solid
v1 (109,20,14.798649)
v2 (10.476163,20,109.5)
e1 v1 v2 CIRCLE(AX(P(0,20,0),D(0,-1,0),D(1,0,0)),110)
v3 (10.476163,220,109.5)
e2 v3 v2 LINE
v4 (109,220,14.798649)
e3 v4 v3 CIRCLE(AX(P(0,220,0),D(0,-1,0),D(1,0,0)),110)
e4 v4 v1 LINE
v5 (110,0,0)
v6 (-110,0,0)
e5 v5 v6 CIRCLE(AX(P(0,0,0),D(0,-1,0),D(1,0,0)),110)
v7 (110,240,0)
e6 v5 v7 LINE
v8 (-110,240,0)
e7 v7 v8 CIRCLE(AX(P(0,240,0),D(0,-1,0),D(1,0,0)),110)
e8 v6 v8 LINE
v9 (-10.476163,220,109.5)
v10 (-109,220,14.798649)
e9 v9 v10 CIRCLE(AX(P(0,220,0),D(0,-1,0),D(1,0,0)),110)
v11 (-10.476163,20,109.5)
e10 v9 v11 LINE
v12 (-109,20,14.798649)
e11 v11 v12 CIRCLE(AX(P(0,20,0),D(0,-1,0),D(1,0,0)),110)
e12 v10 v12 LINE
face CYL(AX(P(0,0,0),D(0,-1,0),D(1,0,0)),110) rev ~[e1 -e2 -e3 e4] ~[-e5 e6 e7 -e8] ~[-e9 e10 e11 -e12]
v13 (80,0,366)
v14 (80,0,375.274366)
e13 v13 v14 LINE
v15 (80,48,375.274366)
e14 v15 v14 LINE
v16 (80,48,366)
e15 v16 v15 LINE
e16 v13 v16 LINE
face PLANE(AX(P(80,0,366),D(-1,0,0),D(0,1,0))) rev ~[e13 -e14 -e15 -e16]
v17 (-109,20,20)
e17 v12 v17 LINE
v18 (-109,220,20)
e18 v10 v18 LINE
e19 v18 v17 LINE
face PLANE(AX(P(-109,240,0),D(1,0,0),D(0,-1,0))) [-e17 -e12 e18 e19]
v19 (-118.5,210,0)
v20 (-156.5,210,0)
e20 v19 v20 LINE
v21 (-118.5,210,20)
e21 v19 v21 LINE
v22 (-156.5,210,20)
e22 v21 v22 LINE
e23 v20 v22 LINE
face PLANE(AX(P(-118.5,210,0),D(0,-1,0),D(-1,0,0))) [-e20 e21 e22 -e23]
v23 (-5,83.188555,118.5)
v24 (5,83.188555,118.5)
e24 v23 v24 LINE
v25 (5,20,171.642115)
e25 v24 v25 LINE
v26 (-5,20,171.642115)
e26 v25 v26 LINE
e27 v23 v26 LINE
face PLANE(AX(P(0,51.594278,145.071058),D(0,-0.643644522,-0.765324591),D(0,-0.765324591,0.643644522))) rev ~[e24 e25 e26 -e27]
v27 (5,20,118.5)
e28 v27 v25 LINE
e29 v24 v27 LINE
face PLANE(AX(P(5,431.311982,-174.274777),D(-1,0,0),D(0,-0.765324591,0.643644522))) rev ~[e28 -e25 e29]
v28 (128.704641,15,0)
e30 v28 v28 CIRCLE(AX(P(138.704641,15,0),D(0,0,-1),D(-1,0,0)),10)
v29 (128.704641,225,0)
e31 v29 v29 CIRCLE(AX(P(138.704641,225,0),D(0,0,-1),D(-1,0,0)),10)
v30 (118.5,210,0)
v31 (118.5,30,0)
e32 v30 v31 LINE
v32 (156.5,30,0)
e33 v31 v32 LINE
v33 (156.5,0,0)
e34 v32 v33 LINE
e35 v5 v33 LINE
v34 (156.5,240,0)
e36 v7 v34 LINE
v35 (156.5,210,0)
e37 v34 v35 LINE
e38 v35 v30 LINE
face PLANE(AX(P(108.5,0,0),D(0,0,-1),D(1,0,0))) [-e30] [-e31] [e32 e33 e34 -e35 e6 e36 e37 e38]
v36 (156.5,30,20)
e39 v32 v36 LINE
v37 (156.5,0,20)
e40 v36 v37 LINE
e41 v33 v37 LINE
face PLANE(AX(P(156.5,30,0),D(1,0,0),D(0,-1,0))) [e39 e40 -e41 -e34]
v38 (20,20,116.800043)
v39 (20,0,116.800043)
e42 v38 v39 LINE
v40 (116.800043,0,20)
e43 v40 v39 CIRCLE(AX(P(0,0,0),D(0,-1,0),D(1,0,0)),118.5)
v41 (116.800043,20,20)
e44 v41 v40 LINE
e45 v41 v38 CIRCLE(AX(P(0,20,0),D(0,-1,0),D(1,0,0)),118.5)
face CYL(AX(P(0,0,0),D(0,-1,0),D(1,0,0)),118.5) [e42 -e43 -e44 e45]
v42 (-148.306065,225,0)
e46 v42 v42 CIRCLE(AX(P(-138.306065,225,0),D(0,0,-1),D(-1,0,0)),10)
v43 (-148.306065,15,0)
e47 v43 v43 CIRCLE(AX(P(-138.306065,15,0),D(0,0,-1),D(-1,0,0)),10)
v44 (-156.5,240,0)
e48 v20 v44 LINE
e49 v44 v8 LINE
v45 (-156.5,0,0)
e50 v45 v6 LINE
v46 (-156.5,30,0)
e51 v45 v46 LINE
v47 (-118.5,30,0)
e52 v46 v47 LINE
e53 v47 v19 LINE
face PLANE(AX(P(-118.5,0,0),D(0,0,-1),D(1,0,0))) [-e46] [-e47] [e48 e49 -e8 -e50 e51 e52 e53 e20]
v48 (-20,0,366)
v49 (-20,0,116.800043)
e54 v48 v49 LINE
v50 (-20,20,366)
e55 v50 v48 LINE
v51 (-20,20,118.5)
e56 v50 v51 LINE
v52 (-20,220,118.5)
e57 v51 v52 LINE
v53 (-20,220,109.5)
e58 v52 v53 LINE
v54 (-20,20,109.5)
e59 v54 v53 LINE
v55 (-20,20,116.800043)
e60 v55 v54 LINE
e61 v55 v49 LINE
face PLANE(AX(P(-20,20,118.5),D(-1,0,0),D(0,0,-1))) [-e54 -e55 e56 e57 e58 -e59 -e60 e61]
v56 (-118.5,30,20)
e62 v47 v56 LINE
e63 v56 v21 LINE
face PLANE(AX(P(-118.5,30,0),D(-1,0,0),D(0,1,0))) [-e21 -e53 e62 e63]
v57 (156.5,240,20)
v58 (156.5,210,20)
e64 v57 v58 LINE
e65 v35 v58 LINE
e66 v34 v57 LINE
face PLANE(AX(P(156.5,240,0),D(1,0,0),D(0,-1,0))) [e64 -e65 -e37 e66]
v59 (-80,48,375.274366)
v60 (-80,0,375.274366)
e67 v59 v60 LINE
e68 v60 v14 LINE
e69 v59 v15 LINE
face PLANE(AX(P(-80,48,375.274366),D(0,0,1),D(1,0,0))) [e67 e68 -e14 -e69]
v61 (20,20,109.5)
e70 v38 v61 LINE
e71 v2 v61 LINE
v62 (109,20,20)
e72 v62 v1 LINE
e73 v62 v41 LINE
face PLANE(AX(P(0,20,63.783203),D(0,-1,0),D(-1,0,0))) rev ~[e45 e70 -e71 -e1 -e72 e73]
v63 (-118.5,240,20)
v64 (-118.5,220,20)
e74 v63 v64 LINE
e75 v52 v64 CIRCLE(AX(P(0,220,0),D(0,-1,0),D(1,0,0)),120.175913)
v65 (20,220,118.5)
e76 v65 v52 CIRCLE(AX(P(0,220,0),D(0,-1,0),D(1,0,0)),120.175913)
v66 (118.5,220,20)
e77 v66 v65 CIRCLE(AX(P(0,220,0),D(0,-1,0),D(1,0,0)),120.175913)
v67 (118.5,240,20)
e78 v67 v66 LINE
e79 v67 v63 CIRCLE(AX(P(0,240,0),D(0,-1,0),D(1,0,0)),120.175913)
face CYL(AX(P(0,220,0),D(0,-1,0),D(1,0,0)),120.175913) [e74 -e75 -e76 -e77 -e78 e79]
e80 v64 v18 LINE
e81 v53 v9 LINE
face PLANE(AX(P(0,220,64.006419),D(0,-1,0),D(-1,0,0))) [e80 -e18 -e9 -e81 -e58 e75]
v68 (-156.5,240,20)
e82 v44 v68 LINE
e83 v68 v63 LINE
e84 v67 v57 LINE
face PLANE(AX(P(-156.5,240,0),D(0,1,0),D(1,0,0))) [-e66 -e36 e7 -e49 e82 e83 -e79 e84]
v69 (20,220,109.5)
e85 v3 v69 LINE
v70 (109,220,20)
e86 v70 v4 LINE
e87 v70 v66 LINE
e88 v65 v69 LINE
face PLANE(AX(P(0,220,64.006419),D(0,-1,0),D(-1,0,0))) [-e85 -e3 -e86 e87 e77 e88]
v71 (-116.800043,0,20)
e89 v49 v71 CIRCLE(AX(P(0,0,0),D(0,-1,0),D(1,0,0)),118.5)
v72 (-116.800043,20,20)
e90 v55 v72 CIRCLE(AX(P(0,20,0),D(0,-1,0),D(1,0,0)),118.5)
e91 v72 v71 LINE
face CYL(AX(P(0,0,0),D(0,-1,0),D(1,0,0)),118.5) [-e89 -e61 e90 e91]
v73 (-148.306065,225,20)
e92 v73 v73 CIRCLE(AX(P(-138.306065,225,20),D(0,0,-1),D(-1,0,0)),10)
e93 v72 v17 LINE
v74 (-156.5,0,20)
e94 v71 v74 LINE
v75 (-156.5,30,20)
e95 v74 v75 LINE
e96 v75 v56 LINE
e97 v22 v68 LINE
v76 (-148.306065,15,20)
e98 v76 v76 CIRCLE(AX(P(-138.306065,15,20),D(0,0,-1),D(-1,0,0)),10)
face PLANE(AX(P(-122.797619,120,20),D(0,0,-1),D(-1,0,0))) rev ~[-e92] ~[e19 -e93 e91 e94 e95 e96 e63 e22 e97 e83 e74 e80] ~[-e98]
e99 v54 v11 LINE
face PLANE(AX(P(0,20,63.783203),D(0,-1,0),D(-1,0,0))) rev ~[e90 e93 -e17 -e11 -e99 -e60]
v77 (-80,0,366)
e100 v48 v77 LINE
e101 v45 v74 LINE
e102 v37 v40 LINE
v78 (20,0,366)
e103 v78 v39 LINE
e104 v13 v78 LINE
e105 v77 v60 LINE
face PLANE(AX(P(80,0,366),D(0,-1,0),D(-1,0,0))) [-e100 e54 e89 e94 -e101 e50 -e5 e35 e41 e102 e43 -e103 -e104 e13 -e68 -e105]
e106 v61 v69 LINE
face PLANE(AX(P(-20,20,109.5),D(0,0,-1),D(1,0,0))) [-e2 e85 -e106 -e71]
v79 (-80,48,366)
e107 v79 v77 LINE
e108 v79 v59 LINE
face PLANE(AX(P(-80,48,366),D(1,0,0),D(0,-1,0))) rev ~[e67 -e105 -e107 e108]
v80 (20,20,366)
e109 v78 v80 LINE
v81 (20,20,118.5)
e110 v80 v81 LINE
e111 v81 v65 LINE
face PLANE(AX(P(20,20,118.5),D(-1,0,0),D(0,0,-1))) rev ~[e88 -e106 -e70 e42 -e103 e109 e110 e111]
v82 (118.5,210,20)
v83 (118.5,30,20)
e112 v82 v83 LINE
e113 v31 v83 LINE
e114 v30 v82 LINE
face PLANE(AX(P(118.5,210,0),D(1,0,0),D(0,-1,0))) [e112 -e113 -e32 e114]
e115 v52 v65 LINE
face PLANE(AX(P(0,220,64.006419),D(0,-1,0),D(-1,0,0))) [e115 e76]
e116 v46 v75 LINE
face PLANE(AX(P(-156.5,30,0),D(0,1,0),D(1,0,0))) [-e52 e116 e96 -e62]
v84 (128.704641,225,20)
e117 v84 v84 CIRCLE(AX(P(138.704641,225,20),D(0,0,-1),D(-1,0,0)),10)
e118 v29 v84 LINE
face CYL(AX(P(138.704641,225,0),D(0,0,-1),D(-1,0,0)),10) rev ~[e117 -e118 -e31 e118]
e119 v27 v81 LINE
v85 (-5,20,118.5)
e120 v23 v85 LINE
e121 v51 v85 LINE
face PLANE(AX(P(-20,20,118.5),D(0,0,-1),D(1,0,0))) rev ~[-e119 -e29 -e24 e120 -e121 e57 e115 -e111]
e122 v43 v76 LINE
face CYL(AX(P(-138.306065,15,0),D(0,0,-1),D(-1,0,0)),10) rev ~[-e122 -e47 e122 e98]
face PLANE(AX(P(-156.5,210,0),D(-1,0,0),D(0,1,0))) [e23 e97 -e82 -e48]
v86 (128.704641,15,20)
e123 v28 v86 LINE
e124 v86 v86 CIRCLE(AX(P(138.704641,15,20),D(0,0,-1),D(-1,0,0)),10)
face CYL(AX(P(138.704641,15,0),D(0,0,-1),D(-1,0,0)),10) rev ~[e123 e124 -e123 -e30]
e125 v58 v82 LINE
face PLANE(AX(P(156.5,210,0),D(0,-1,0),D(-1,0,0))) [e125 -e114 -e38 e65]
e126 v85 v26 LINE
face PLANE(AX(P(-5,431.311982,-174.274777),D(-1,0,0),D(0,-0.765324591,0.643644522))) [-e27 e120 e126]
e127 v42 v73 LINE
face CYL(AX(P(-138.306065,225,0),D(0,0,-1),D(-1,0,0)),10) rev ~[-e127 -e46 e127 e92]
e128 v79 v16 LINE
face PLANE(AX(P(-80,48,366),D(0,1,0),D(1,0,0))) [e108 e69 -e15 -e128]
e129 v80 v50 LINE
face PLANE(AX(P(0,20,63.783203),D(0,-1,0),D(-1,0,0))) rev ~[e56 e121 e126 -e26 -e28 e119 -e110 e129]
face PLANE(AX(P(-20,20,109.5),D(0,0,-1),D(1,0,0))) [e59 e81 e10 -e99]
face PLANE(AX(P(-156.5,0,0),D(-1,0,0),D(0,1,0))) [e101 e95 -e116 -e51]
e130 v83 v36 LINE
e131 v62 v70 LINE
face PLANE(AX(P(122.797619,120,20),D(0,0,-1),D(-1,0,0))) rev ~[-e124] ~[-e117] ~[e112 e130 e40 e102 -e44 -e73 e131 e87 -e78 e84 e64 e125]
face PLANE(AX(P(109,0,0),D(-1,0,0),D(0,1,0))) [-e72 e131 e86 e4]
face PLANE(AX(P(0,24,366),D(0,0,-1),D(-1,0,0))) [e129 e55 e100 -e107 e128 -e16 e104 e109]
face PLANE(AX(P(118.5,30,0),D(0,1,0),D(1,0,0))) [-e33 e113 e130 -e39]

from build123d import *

# Parameters (mm, degrees)
EXTRUDE_1_DEPTH      = 20
EXTRUDE_2_REACH      = 387.225
EXTRUDE_2_END_RADIUS = 118.5
SKETCH_4_W           = 40
SKETCH_4_H           = 9
EXTRUDE_3_DEPTH      = 200
EXTRUDE_5_DEPTH      = 20
RIB_6_REACH          = 455.87
SKETCH_10_WALL_W     = 992.30498819
SKETCH_10_WALL_H     = 10
EXTRUDE_6_DEPTH      = 10
EXTRUDE_7_DEPTH      = 20
SKETCH_13_R          = 10
CUT_EXTRUDE_1_DEPTH  = 20
CUT_EXTRUDE_2_DEPTH  = 240
CUT_EXTRUDE_3_REACH  = 452.258
SKETCH_15_W          = 160
SKETCH_15_H          = 0.725633759


with BuildPart() as part:
    # 草图1 → 凸台-拉伸1 (new body)
    with BuildSketch(Plane(origin=(0, 0, 0), x_dir=(1, 0, 0), z_dir=(0, 1, 0))):
        with BuildLine():
            Line((-118.5, 0), (-108.5, 0))
            ThreePointArc((-108.5, 0), (0, -108.5), (108.5, 0))
            Line((108.5, 0), (118.5, 0))
            ThreePointArc((118.5, 0), (0, -118.5), (-118.5, 0))
        make_face()
    extrude(amount=EXTRUDE_1_DEPTH)

    # 凸台-拉伸2: up to this cylinder (the profile starts outside it)
    extrude_2_end = Plane(origin=(0, 10, 0), z_dir=(0, -1, 0)) * Cylinder(EXTRUDE_2_END_RADIUS, 1012.45, mode=Mode.PRIVATE)
    # 草图3 → 凸台-拉伸2 (add, up to the surface)
    with BuildSketch(Plane.XY.offset(366), mode=Mode.PRIVATE) as extrude_2_sk1:
        Polygon((0, 0), (20, 0), (20, 20), (-20, 20), (-20, 0), align=None)
    extrude_2_tool1 = extrude(extrude_2_sk1.sketch, amount=-EXTRUDE_2_REACH, mode=Mode.PRIVATE) - extrude_2_end
    add(extrude_2_tool1.solids().sort_by_distance((0, 10, 366))[0])

    # 草图4 → 凸台-拉伸3 (add)
    with BuildSketch(Plane(origin=(0, 20, 0), x_dir=(1, 0, 0), z_dir=(0, 1, 0))):
        with Locations((0, -114)):
            Rectangle(SKETCH_4_W, SKETCH_4_H)
    extrude(amount=EXTRUDE_3_DEPTH)

    # 草图5 → 凸台-拉伸5 (add)
    with BuildSketch(Plane(origin=(0, 220, 0), x_dir=(1, 0, 0), z_dir=(0, 1, 0))):
        with BuildLine():
            Line((-120.175912728, 0), (-108.5, 0))
            ThreePointArc((-108.5, 0), (0, -108.5), (108.5, 0))
            Line((108.5, 0), (120.175912728, 0))
            ThreePointArc((120.175912728, 0), (0, -120.175912728), (-120.175912728, 0))
        make_face()
    extrude(amount=EXTRUDE_5_DEPTH)

    # 草图10 wall → 筋6 (add, up to next)
    with BuildSketch(Plane(origin=(0, 51.594277654, 145.071057526), x_dir=(0, -0.765324590967, 0.643644521814), z_dir=(0, -0.643644521814, -0.765324590967)), mode=Mode.PRIVATE) as rib_6_sk1:
        Rectangle(SKETCH_10_WALL_W, SKETCH_10_WALL_H)
    rib_6_tool1 = extrude(rib_6_sk1.sketch, amount=RIB_6_REACH, mode=Mode.PRIVATE) - part.part
    add(rib_6_tool1.solids().sort_by_distance((0, 51.594277654, 145.071057526))[0])

    # 草图11 → 凸台-拉伸6 (add)
    with BuildSketch(Plane.XY.offset(366)):
        Polygon((-80, 48), (80, 48), (80, 38), (80, 20), (80, 0), (-80, 0), (-80, 20), (-80, 38), align=None)
    extrude(amount=EXTRUDE_6_DEPTH)

    # 草图12 → 凸台-拉伸7 (add)
    with BuildSketch(Plane.XY):
        Polygon((-109, 0), (-156.5, 0), (-156.5, 30), (-118.5, 30), (-118.5, 210), (-156.5, 210), (-156.5, 240), (-109, 240), align=None)
        Polygon((156.5, 0), (109, 0), (109, 240), (156.5, 240), (156.5, 210), (118.5, 210), (118.5, 30), (156.5, 30), align=None)
    extrude(amount=EXTRUDE_7_DEPTH)

    # 草图13 → 切除-拉伸1 (cut)
    with BuildSketch(Plane(origin=(0, 0, 0), x_dir=(-1, 0, 0), z_dir=(0, 0, -1))):
        with Locations((138.306064525, 225)):
            Circle(SKETCH_13_R)
        with Locations((138.306064525, 15)):
            Circle(SKETCH_13_R)
        with Locations((-138.70464108, 225)):
            Circle(SKETCH_13_R)
        with Locations((-138.70464108, 15)):
            Circle(SKETCH_13_R)
    extrude(amount=-CUT_EXTRUDE_1_DEPTH, mode=Mode.SUBTRACT)

    # 草图14 → 切除-拉伸2 (cut)
    with BuildSketch(Plane(origin=(0, 0, 0), x_dir=(1, 0, 0), z_dir=(0, 1, 0))):
        with BuildLine():
            Line((-110, 0), (110, 0))
            ThreePointArc((110, 0), (0, -110), (-110, 0))
        make_face()
    extrude(amount=CUT_EXTRUDE_2_DEPTH, mode=Mode.SUBTRACT)

    # 草图15 → 切除-拉伸3 (cut, up to next)
    with BuildSketch(Plane(origin=(0, 48, 0), x_dir=(1, 0, 0), z_dir=(0, 1, 0)), mode=Mode.PRIVATE) as cut_extrude_3_sk1:
        with Locations((0, -375.637183121)):
            Rectangle(SKETCH_15_W, SKETCH_15_H)
    cut_extrude_3_tool1 = extrude(cut_extrude_3_sk1.sketch, amount=-CUT_EXTRUDE_3_REACH, mode=Mode.PRIVATE) & part.part
    add(cut_extrude_3_tool1.solids().sort_by_distance((0, 48, 375.637183))[0], mode=Mode.SUBTRACT)


solid = part.part
